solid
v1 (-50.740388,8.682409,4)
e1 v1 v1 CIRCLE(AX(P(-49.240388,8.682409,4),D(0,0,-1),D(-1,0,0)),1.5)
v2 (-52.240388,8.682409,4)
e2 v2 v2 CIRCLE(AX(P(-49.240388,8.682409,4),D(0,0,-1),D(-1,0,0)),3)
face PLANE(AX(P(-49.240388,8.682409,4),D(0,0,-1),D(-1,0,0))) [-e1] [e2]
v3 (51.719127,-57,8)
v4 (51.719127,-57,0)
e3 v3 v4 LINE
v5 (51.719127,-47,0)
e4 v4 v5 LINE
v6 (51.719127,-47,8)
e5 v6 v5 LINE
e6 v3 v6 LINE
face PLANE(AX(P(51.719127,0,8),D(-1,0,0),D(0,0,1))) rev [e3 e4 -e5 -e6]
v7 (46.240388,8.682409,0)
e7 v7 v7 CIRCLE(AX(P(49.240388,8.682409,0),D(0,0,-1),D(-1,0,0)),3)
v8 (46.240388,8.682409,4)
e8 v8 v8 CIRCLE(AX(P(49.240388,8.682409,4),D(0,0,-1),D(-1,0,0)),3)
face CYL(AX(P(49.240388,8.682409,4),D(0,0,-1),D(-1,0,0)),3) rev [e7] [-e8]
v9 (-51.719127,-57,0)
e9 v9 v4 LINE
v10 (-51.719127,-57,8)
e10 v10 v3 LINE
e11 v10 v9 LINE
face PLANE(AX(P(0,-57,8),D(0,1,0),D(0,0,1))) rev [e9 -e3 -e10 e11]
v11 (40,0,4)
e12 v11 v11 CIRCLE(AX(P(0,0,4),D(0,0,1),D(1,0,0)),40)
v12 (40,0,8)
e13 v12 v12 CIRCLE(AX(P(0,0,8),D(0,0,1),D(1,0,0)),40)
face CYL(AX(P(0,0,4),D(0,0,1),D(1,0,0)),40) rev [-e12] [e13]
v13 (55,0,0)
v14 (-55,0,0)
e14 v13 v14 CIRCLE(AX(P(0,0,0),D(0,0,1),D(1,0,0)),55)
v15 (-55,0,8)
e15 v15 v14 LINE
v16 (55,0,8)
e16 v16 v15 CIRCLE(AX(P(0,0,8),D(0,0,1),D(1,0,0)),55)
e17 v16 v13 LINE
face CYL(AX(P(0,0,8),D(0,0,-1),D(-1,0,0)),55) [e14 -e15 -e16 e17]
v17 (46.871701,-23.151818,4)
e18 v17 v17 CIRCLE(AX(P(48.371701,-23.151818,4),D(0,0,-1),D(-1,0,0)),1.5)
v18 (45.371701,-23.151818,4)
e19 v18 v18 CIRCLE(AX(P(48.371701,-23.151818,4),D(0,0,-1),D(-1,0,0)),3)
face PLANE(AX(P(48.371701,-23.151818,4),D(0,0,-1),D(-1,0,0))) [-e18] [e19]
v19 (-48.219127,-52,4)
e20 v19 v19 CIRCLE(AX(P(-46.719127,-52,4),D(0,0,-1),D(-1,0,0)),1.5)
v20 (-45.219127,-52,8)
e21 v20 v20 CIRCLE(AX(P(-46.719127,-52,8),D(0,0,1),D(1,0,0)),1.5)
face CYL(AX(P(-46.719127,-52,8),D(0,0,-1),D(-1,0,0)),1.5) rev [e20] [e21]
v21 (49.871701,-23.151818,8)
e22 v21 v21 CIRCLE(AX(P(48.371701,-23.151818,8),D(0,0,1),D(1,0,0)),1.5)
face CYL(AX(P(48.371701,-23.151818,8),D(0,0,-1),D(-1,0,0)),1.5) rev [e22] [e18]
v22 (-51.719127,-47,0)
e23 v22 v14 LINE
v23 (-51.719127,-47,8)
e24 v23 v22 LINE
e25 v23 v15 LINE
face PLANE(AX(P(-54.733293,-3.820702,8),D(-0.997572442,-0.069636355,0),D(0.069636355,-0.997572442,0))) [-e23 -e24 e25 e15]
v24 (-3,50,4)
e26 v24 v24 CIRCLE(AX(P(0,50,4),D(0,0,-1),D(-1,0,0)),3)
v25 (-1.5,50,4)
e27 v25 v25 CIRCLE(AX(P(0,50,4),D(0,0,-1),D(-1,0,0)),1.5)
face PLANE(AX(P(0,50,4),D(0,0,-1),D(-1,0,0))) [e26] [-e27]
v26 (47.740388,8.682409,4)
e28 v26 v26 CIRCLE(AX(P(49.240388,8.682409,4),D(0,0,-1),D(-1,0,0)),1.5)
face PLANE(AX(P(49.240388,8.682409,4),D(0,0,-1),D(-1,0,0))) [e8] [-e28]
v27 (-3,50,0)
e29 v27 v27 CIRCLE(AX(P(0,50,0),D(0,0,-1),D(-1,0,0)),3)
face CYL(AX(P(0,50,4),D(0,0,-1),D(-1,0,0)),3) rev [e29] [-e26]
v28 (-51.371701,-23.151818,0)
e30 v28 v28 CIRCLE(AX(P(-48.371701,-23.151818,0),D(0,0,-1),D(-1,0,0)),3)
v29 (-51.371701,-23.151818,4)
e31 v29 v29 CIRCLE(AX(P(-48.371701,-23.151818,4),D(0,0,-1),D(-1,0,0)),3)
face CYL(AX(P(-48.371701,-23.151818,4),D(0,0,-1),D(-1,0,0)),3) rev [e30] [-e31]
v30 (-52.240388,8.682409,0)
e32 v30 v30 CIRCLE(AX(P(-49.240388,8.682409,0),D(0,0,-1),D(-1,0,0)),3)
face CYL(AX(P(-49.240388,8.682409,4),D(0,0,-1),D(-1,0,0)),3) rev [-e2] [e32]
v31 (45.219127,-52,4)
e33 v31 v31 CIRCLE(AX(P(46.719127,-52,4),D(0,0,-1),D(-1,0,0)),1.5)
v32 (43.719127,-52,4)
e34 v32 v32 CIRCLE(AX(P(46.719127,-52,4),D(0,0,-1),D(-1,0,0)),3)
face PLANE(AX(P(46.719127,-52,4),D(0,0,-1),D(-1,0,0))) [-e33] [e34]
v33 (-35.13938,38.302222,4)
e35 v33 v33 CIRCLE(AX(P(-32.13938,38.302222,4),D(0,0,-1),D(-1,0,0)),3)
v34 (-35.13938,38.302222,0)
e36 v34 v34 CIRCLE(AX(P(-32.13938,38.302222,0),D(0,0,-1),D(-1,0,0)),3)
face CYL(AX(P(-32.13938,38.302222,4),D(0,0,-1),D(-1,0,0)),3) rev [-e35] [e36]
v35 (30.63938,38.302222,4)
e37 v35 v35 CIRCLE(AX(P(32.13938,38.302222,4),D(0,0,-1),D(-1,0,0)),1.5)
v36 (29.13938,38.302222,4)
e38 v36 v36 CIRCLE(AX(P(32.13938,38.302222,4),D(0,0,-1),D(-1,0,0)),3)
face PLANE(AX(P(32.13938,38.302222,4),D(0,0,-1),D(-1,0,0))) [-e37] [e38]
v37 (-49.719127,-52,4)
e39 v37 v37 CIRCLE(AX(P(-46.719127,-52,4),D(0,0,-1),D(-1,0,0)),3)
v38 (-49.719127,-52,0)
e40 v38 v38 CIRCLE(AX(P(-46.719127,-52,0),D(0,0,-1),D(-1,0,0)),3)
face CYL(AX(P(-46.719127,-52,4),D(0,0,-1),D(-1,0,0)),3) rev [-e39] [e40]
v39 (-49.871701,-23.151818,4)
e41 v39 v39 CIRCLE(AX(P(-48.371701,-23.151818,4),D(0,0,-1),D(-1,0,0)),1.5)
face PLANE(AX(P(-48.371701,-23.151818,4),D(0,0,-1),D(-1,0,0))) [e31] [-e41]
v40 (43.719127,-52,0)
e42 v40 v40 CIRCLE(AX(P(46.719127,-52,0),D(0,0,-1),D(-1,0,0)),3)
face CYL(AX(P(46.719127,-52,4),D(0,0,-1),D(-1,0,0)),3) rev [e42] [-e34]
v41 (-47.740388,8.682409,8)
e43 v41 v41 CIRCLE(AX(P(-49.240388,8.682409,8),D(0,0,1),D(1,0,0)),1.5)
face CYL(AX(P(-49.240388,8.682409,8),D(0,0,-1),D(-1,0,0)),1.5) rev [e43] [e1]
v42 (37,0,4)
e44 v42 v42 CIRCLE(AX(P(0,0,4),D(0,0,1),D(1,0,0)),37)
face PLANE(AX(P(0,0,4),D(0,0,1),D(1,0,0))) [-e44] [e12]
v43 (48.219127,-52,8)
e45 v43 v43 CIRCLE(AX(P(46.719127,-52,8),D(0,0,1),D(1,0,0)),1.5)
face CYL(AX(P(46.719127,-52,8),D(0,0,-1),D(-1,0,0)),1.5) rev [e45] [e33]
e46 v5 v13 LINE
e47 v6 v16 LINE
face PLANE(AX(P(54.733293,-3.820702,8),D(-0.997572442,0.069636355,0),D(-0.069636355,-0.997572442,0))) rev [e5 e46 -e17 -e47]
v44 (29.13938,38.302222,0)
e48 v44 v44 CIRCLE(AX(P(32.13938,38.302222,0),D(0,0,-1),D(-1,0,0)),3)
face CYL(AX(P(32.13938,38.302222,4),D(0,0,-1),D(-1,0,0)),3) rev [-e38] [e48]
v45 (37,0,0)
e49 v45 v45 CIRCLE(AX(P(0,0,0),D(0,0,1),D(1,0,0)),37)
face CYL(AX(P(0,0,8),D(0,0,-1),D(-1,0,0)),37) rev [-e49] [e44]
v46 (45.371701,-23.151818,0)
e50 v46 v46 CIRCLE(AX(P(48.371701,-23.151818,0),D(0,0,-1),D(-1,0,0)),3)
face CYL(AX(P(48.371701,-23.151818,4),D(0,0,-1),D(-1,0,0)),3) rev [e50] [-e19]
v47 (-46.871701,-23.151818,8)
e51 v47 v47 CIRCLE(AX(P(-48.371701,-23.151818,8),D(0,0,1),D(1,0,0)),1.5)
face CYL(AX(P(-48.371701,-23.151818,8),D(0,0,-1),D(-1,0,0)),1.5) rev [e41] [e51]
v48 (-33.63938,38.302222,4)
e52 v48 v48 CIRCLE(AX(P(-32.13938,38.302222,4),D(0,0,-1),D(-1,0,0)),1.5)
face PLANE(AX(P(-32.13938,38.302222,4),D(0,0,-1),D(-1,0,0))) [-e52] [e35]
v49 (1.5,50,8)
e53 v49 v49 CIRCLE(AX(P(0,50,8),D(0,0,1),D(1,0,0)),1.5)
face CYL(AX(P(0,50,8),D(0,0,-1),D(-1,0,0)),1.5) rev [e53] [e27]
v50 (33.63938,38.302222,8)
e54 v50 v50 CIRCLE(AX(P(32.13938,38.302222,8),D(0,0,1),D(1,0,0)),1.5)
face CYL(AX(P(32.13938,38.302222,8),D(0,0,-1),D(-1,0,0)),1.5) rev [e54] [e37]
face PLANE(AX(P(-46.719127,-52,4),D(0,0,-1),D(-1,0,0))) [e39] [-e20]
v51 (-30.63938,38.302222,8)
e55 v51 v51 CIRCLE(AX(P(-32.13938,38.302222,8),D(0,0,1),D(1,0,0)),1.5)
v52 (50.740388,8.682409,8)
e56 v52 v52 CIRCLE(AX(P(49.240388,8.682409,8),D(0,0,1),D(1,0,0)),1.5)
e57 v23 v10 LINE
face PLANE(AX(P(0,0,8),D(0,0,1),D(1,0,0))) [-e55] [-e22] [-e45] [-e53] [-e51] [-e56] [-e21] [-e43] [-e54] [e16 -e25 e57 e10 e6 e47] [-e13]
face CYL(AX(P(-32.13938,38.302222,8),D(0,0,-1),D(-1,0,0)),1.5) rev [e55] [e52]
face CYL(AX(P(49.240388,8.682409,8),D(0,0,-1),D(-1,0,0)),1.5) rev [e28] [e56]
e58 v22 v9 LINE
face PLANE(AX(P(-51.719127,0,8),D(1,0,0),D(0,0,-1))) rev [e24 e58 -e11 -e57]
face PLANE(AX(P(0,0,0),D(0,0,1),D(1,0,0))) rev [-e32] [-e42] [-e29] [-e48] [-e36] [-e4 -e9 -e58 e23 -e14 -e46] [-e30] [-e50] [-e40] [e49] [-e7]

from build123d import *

# Parameters (mm, degrees)
SKETCH1_R           = 40
SKETCH1_R_2         = 1.5
SKETCH1_R_3         = 37
BOSS_EXTRUDE1_DEPTH = 8
SKETCH3_R           = 40
CUT_EXTRUDE1_DEPTH  = 4
SKETCH4_R           = 3
SKETCH4_R_2         = 1.5
CUT_EXTRUDE2_DEPTH  = 4


with BuildPart() as part:
    # Sketch1 → Boss-Extrude1 (new body)
    # profile 1 of 2: a face of its own
    with BuildSketch(Plane.XY):
        with BuildLine():
            Line((51.719126793, -47), (55, 0))
            ThreePointArc((55, 0), (0, 55), (-55, 0))
            Line((-55, 0), (-51.719126793, -47))
            Line((-51.719126793, -47), (-51.719126793, -57))
            Line((-51.719126793, -57), (-41.694792144, -57))
            Line((-41.694792144, -57), (41.694792144, -57))
            Line((41.694792144, -57), (51.719126793, -57))
            Line((51.719126793, -57), (51.719126793, -47))
        make_face()
        Circle(SKETCH1_R, mode=Mode.SUBTRACT)
        with Locations((46.719126793, -52)):
            Circle(SKETCH1_R_2, mode=Mode.SUBTRACT)
        with Locations((48.371701184, -23.151818224)):
            Circle(SKETCH1_R_2, mode=Mode.SUBTRACT)
        with Locations((49.240387651, 8.682408883)):
            Circle(SKETCH1_R_2, mode=Mode.SUBTRACT)
        with Locations((32.139380484, 38.302222156)):
            Circle(SKETCH1_R_2, mode=Mode.SUBTRACT)
        with Locations((0, 50)):
            Circle(SKETCH1_R_2, mode=Mode.SUBTRACT)
        with Locations((-32.139380484, 38.302222156)):
            Circle(SKETCH1_R_2, mode=Mode.SUBTRACT)
        with Locations((-49.240387651, 8.682408883)):
            Circle(SKETCH1_R_2, mode=Mode.SUBTRACT)
        with Locations((-48.371701184, -23.151818224)):
            Circle(SKETCH1_R_2, mode=Mode.SUBTRACT)
        with Locations((-46.719126793, -52)):
            Circle(SKETCH1_R_2, mode=Mode.SUBTRACT)
    # profile 2 of 2: a face of its own
    with BuildSketch(Plane.XY):
        Circle(SKETCH1_R)
        Circle(SKETCH1_R_3, mode=Mode.SUBTRACT)
    extrude(amount=BOSS_EXTRUDE1_DEPTH)

    # Sketch3 → Cut-Extrude1 (cut)
    with BuildSketch(Plane.XY.offset(8)):
        Circle(SKETCH3_R)
    extrude(amount=-CUT_EXTRUDE1_DEPTH, mode=Mode.SUBTRACT)

    # Sketch4 → Cut-Extrude2 (cut)
    # profile 1 of 9: a face of its own
    with BuildSketch(Plane(origin=(0, 0, 0), x_dir=(-1, 0, 0), z_dir=(0, 0, -1))):
        with Locations((-46.719126793, -52)):
            Circle(SKETCH4_R)
        with Locations((-46.719126793, -52)):
            Circle(SKETCH4_R_2, mode=Mode.SUBTRACT)
    # profile 2 of 9: a face of its own
    with BuildSketch(Plane(origin=(0, 0, 0), x_dir=(-1, 0, 0), z_dir=(0, 0, -1))):
        with Locations((-48.371701184, -23.151818224)):
            Circle(SKETCH4_R)
        with Locations((-48.371701184, -23.151818224)):
            Circle(SKETCH4_R_2, mode=Mode.SUBTRACT)
    # profile 3 of 9: a face of its own
    with BuildSketch(Plane(origin=(0, 0, 0), x_dir=(-1, 0, 0), z_dir=(0, 0, -1))):
        with Locations((-49.240387651, 8.682408883)):
            Circle(SKETCH4_R)
        with Locations((-49.240387651, 8.682408883)):
            Circle(SKETCH4_R_2, mode=Mode.SUBTRACT)
    # profile 4 of 9: a face of its own
    with BuildSketch(Plane(origin=(0, 0, 0), x_dir=(-1, 0, 0), z_dir=(0, 0, -1))):
        with Locations((-32.139380484, 38.302222156)):
            Circle(SKETCH4_R)
        with Locations((-32.139380484, 38.302222156)):
            Circle(SKETCH4_R_2, mode=Mode.SUBTRACT)
    # profile 5 of 9: a face of its own
    with BuildSketch(Plane(origin=(0, 0, 0), x_dir=(-1, 0, 0), z_dir=(0, 0, -1))):
        with Locations((0, 50)):
            Circle(SKETCH4_R)
        with Locations((0, 50)):
            Circle(SKETCH4_R_2, mode=Mode.SUBTRACT)
    # profile 6 of 9: a face of its own
    with BuildSketch(Plane(origin=(0, 0, 0), x_dir=(-1, 0, 0), z_dir=(0, 0, -1))):
        with Locations((32.139380484, 38.302222156)):
            Circle(SKETCH4_R)
        with Locations((32.139380484, 38.302222156)):
            Circle(SKETCH4_R_2, mode=Mode.SUBTRACT)
    # profile 7 of 9: a face of its own
    with BuildSketch(Plane(origin=(0, 0, 0), x_dir=(-1, 0, 0), z_dir=(0, 0, -1))):
        with Locations((49.240387651, 8.682408883)):
            Circle(SKETCH4_R)
        with Locations((49.240387651, 8.682408883)):
            Circle(SKETCH4_R_2, mode=Mode.SUBTRACT)
    # profile 8 of 9: a face of its own
    with BuildSketch(Plane(origin=(0, 0, 0), x_dir=(-1, 0, 0), z_dir=(0, 0, -1))):
        with Locations((48.371701184, -23.151818224)):
            Circle(SKETCH4_R)
        with Locations((48.371701184, -23.151818224)):
            Circle(SKETCH4_R_2, mode=Mode.SUBTRACT)
    # profile 9 of 9: a face of its own
    with BuildSketch(Plane(origin=(0, 0, 0), x_dir=(-1, 0, 0), z_dir=(0, 0, -1))):
        with Locations((46.719126793, -52)):
            Circle(SKETCH4_R)
        with Locations((46.719126793, -52)):
            Circle(SKETCH4_R_2, mode=Mode.SUBTRACT)
    extrude(amount=-CUT_EXTRUDE2_DEPTH, mode=Mode.SUBTRACT)


solid = part.part
